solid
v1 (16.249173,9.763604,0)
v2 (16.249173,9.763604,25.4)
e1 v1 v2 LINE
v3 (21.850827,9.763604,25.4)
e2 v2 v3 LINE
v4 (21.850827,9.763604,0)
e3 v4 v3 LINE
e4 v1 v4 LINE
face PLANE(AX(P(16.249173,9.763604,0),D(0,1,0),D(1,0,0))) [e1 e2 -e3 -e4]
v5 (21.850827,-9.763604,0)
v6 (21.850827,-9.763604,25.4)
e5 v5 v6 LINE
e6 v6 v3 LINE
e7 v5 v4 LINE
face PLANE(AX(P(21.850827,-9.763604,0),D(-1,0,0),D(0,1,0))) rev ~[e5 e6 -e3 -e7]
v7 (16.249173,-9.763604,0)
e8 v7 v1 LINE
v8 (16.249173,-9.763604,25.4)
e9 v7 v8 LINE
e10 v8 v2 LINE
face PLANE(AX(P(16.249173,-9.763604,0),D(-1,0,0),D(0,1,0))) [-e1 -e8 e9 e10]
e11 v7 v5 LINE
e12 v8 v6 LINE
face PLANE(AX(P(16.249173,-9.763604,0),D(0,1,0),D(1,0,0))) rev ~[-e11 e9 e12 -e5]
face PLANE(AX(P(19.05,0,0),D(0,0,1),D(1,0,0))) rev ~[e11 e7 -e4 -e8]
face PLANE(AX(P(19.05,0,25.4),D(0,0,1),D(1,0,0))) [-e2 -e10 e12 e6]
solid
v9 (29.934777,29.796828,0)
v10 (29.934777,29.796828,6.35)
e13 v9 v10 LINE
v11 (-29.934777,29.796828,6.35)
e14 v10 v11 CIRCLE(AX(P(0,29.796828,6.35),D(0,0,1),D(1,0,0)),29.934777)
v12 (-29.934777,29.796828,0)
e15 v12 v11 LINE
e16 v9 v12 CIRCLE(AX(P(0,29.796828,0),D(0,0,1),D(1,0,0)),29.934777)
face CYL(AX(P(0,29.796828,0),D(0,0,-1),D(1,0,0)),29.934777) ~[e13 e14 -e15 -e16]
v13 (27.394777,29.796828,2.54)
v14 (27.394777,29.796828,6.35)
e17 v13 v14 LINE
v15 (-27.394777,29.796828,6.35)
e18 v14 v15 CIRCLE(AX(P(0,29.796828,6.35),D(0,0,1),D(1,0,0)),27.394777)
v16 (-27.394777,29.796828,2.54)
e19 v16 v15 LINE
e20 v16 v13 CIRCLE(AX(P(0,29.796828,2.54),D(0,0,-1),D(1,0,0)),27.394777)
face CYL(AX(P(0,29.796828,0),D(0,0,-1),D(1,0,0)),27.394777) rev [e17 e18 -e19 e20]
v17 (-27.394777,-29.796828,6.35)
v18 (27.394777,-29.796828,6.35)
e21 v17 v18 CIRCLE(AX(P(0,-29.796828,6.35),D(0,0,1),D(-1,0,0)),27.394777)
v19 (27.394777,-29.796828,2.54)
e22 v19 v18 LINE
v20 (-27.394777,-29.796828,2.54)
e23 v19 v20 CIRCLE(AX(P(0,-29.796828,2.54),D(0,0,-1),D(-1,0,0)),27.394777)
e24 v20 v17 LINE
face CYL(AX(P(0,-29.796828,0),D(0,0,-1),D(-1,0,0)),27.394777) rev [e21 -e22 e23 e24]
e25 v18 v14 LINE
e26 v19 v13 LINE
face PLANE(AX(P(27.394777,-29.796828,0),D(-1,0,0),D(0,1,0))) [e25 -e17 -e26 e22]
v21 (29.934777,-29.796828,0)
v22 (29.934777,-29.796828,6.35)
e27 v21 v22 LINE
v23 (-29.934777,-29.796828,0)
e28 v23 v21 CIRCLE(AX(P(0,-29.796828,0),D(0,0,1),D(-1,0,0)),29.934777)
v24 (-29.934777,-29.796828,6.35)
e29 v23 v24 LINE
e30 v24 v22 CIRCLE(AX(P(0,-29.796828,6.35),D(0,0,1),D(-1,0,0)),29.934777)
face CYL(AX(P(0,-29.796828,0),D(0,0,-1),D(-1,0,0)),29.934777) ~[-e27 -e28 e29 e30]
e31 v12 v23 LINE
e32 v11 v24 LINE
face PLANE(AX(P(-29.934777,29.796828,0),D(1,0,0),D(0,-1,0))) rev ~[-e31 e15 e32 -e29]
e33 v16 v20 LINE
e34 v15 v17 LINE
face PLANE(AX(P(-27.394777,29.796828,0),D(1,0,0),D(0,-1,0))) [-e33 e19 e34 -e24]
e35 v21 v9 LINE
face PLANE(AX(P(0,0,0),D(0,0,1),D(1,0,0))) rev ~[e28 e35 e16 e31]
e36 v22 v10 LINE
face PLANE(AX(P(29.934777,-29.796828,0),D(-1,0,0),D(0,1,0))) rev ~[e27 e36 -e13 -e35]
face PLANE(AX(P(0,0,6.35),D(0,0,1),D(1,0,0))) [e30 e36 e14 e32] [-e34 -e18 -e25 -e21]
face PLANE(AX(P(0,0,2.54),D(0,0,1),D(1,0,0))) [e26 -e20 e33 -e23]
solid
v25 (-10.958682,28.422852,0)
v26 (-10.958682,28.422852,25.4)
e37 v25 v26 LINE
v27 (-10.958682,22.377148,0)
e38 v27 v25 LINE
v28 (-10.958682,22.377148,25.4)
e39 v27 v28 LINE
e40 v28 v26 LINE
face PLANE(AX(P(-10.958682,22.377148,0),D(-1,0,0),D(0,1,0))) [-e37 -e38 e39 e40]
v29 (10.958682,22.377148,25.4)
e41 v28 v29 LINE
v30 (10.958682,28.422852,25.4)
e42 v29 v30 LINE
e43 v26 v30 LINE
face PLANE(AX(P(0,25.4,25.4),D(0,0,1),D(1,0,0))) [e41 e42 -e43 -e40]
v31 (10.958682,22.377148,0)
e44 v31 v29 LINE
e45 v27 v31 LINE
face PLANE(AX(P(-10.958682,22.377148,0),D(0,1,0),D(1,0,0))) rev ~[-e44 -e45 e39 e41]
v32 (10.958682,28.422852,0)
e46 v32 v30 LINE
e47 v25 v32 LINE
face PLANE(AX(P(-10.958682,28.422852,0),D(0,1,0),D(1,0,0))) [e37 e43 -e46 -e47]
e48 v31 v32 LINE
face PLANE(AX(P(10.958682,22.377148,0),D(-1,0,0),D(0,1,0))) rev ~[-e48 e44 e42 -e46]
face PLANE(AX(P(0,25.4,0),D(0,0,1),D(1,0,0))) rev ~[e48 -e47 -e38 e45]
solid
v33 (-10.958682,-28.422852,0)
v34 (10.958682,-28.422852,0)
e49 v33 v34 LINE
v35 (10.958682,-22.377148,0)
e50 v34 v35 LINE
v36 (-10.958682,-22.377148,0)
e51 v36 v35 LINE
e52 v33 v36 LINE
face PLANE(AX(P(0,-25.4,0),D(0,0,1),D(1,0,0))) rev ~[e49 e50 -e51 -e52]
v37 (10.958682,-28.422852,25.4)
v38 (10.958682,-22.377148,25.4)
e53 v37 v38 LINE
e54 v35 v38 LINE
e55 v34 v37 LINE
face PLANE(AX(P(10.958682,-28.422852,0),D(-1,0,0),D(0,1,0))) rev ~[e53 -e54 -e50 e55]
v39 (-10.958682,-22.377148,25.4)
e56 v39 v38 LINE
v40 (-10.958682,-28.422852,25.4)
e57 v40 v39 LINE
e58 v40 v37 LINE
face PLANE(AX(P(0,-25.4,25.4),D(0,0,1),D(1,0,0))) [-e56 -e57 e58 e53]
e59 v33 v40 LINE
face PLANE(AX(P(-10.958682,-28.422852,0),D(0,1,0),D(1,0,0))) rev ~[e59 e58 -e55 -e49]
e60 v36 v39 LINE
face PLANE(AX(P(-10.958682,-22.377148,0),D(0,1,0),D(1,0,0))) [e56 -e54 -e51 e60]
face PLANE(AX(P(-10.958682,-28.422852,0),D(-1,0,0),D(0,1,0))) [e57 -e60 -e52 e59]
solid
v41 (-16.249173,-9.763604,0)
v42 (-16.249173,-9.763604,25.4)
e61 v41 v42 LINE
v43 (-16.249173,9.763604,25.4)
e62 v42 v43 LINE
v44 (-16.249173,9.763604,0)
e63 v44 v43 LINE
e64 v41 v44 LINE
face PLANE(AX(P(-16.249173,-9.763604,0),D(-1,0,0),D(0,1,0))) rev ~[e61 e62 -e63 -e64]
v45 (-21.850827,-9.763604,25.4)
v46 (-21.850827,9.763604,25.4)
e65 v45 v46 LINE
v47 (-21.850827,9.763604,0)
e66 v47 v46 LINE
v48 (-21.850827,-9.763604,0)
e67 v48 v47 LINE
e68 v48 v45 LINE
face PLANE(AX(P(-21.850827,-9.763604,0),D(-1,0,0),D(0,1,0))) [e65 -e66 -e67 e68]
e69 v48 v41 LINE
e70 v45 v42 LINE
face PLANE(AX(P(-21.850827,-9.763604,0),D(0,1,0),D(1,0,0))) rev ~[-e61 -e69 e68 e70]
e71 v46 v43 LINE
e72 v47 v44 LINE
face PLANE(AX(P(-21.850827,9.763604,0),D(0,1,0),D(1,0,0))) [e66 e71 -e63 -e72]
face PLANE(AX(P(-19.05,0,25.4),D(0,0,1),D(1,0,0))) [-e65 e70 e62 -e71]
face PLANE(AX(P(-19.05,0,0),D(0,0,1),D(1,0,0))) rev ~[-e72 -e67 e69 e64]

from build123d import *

# Parameters (mm, degrees)
F1_W     = 21.917364
F1_H     = 6.045704
F1_W_2   = 5.601654
F1_H_2   = 19.527208
F2_DEPTH = 25.4
F3_DEPTH = 6.35
F4_T     = -2.54


with BuildPart() as f2:
    # F1 (on face) → F2 (new body)
    with BuildSketch(Plane.XY):
        with Locations((0, 25.4)):
            Rectangle(F1_W, F1_H)
        with Locations((0, -25.4)):
            Rectangle(F1_W, F1_H)
        with Locations((-19.05, 0)):
            Rectangle(F1_W_2, F1_H_2)
        with Locations((19.05, 0)):
            Rectangle(F1_W_2, F1_H_2)
    extrude(amount=F2_DEPTH)


with BuildPart() as f3:
    # F0 (on Top) → F3 (new body)
    with BuildSketch(Plane.XY):
        with BuildLine():
            ThreePointArc((29.934777, 29.796828), (0, 59.731605), (-29.934777, 29.796828))
            Line((-29.934777, 29.796828), (-29.934777, -29.796828))
            ThreePointArc((-29.934777, -29.796828), (0, -59.731605), (29.934777, -29.796828))
            Line((29.934777, -29.796828), (29.934777, 29.796828))
        make_face()
    extrude(amount=F3_DEPTH)

    # F4
    f4_openings = [f3.faces().sort_by_distance(p)[0] for p in [
        (0, 0, 6.35),
    ]]
    offset(amount=F4_T, openings=f4_openings)


solid = Compound([f2.part, f3.part])
